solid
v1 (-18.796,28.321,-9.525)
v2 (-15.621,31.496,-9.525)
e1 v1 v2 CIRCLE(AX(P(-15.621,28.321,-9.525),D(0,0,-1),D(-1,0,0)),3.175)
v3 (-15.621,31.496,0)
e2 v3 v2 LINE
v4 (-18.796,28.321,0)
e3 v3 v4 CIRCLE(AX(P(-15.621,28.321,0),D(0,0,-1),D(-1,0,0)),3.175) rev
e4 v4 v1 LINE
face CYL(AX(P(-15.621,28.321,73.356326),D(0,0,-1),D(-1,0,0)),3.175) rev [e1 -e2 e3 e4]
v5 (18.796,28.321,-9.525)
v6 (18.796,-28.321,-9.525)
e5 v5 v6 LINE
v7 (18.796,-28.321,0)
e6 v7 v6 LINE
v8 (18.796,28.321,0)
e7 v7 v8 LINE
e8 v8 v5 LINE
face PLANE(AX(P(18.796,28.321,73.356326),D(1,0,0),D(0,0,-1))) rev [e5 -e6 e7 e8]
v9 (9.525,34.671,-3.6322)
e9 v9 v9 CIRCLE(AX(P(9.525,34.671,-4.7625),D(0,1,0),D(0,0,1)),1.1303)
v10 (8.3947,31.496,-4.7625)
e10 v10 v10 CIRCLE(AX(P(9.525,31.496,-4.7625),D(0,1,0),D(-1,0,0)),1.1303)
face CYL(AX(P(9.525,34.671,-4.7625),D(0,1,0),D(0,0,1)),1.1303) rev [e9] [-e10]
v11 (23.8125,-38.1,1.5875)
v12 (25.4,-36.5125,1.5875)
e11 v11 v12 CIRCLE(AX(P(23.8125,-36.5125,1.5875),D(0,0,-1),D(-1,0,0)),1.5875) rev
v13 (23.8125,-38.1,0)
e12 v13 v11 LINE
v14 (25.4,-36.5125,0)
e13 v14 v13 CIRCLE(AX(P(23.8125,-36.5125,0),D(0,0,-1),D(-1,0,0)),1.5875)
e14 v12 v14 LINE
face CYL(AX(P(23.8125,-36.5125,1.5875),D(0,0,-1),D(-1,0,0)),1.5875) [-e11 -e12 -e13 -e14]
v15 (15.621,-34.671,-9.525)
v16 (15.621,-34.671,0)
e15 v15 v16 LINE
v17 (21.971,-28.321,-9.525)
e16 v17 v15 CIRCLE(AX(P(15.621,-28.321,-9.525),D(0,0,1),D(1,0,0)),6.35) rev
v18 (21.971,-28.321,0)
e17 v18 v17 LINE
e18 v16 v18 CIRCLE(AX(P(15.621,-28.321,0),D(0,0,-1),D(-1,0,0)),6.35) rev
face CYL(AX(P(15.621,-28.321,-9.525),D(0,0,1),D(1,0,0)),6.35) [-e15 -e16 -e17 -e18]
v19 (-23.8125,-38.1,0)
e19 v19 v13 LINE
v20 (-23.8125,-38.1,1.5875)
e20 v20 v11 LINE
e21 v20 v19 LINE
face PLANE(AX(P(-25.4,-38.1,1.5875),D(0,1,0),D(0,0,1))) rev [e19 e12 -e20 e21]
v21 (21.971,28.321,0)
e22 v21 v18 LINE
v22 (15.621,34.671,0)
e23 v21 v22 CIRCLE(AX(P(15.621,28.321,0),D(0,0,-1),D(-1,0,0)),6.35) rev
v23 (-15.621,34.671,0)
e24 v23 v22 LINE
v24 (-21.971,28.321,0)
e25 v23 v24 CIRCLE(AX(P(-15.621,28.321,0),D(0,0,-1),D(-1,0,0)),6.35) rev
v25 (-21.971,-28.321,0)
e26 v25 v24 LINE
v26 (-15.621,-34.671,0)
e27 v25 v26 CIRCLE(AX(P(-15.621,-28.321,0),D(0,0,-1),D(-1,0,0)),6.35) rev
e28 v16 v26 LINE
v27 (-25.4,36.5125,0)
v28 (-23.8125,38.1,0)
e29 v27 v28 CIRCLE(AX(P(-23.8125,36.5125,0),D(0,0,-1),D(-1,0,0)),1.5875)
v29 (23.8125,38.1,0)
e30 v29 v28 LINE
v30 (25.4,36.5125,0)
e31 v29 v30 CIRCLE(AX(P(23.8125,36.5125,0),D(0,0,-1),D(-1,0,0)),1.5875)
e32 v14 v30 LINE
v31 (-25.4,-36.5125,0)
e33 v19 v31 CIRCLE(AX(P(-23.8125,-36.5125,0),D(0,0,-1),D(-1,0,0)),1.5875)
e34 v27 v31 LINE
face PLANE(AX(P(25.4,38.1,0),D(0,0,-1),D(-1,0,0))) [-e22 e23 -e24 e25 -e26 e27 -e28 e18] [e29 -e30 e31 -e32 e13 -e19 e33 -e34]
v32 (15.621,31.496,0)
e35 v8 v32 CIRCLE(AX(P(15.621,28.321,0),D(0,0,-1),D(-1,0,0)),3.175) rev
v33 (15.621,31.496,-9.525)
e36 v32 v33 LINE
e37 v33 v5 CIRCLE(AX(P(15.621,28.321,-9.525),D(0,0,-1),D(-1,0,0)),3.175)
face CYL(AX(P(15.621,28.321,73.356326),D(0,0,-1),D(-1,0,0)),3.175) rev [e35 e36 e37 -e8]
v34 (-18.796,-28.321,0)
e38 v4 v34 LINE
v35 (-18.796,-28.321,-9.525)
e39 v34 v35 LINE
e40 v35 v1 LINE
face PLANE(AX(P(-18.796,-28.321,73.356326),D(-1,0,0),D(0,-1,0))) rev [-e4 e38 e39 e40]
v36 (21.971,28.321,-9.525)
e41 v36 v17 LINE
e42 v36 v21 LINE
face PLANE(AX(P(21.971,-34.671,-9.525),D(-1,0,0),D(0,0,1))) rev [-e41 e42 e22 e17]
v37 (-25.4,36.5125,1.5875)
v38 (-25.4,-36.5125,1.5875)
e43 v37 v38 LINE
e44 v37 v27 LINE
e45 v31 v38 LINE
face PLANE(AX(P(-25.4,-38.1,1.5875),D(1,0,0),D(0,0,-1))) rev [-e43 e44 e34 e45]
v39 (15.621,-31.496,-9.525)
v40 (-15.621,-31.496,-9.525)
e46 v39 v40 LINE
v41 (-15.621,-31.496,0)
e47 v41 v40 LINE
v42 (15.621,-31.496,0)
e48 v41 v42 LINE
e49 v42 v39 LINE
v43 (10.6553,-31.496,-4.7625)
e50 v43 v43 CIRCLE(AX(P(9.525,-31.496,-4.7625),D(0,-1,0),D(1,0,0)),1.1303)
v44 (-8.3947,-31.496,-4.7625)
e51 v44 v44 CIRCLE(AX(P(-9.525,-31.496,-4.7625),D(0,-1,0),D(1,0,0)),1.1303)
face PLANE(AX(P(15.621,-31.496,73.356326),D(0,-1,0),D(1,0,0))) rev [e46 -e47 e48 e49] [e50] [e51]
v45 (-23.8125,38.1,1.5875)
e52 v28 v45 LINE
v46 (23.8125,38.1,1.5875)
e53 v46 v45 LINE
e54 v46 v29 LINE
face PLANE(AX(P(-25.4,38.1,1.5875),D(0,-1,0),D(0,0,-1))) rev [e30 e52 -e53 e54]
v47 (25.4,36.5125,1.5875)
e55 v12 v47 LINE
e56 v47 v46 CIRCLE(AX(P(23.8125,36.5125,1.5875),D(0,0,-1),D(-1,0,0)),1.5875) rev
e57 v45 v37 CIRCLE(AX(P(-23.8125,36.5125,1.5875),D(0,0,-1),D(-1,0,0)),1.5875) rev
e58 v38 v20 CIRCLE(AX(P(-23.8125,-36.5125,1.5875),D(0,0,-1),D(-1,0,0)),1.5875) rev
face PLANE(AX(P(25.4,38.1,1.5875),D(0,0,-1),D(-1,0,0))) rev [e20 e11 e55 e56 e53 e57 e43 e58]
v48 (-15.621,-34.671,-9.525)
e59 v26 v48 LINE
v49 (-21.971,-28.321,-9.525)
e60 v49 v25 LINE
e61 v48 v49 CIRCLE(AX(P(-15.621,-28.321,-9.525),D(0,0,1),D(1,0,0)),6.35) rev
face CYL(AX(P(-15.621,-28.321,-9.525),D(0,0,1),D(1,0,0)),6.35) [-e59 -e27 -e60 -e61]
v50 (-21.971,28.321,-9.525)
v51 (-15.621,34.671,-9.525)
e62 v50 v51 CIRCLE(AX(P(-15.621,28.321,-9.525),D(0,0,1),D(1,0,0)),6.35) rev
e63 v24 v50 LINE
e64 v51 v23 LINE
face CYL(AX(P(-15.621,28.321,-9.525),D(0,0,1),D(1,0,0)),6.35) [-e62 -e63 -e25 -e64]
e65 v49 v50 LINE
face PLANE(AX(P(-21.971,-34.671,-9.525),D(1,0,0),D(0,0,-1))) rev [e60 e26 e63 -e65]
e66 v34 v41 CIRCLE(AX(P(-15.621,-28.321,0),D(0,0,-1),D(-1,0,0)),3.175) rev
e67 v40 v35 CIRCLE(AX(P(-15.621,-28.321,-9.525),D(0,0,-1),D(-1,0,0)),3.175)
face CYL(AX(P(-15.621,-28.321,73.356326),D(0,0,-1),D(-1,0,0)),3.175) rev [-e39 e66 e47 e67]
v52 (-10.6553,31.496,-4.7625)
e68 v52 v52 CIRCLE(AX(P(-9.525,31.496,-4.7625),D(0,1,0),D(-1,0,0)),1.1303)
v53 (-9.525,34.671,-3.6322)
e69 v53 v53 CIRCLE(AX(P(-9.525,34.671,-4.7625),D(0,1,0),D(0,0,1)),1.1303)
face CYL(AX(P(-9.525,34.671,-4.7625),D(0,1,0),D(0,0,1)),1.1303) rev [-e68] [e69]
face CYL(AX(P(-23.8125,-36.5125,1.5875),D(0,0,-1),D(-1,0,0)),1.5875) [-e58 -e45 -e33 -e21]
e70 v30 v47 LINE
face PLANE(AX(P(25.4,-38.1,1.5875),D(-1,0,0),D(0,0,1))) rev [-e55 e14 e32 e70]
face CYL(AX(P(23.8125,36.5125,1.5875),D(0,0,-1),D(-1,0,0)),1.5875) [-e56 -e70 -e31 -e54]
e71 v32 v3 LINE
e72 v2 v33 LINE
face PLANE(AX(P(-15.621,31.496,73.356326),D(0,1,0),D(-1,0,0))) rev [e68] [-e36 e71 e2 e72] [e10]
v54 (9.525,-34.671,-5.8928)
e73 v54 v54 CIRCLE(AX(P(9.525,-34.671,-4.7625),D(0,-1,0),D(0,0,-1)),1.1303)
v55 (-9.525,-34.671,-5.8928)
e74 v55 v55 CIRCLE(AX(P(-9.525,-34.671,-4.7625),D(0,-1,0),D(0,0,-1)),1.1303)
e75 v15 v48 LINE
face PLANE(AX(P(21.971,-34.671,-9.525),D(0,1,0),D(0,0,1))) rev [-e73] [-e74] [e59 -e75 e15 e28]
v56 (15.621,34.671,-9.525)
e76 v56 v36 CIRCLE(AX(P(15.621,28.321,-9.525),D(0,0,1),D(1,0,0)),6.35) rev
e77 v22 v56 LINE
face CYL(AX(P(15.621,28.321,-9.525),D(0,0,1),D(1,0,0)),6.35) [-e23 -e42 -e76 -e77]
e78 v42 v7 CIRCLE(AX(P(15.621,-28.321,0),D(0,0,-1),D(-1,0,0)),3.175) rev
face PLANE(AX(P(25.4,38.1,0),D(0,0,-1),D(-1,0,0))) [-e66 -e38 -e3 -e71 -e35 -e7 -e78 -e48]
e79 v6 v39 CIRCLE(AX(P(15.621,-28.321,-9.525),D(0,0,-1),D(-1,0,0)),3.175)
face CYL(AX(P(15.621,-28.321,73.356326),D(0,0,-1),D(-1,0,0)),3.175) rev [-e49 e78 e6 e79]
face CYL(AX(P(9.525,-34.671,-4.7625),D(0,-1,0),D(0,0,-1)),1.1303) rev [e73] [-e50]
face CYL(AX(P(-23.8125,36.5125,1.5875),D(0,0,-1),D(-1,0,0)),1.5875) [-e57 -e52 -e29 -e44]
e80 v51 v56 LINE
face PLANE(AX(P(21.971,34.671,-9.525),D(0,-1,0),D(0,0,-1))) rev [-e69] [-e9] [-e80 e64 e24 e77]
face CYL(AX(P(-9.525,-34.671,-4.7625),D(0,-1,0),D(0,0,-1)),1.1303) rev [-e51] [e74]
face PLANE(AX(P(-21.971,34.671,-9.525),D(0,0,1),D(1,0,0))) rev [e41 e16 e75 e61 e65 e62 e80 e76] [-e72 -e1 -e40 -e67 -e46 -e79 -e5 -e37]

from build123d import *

# Parameters (mm, degrees)
SKETCH1_W                  = 50.8
SKETCH1_H                  = 76.2
BOSS_EXTRUDE1_DEPTH        = 1.5875
SKETCH2_W                  = 43.942
SKETCH2_H                  = 69.342
BOSS_EXTRUDE2_DEPTH        = 9.525
FILLET1_R                  = 6.35
CUT_EXTRUDE1_DEPTH         = 9.525
F_4_40_TAPPED_HOLE1_REACH  = 79.663
F_4_40_TAPPED_HOLE1_BORE_R = 1.1303
FILLET2_R                  = 1.5875


with BuildPart() as part:
    # Sketch1 → Boss-Extrude1 (new body)
    with BuildSketch(Plane.XY):
        Rectangle(SKETCH1_W, SKETCH1_H)
    extrude(amount=BOSS_EXTRUDE1_DEPTH)

    # Sketch2 → Boss-Extrude2 (add)
    with BuildSketch(Plane(origin=(0, 0, 0), x_dir=(-1, 0, 0), z_dir=(0, 0, -1))):
        Rectangle(SKETCH2_W, SKETCH2_H)
    extrude(amount=BOSS_EXTRUDE2_DEPTH)

    # Fillet1
    fillet1_edges = [part.edges().sort_by_distance(p)[0] for p in [
        (-21.971, -34.671, -4.7625),
        (-21.971, 34.671, -4.7625),
        (21.971, 34.671, -4.7625),
        (21.971, -34.671, -4.7625),
    ]]
    fillet(fillet1_edges, radius=FILLET1_R)

    # Sketch3 → Cut-Extrude1 (cut)
    with BuildSketch(Plane(origin=(0, 0, -9.525), x_dir=(-1, 0, 0), z_dir=(0, 0, -1))):
        with BuildLine():
            Line((-18.796, 28.321), (-18.796, -28.321))
            ThreePointArc((-18.796, -28.321), (-17.86606403, -30.56606403), (-15.621, -31.496))
            Line((-15.621, -31.496), (15.621, -31.496))
            ThreePointArc((15.621, -31.496), (17.86606403, -30.56606403), (18.796, -28.321))
            Line((18.796, -28.321), (18.796, 28.321))
            ThreePointArc((18.796, 28.321), (17.86606403, 30.56606403), (15.621, 31.496))
            Line((15.621, 31.496), (-15.621, 31.496))
            ThreePointArc((-15.621, 31.496), (-17.86606403, 30.56606403), (-18.796, 28.321))
        make_face()
    extrude(amount=-CUT_EXTRUDE1_DEPTH, mode=Mode.SUBTRACT)

    # #4-40 Tapped Hole1 bore → #4-40 Tapped Hole1 (cut, up to next)
    with BuildSketch(Plane(origin=(0, 34.671, 0), x_dir=(-1, 0, 0), z_dir=(0, 1, 0)), mode=Mode.PRIVATE) as f_4_40_tapped_hole1_sk1:
        with Locations((-9.525, -4.7625)):
            Circle(F_4_40_TAPPED_HOLE1_BORE_R)
    f_4_40_tapped_hole1_tool1 = extrude(f_4_40_tapped_hole1_sk1.sketch, amount=-F_4_40_TAPPED_HOLE1_REACH, mode=Mode.PRIVATE) & part.part
    # #4-40 Tapped Hole1 bore → #4-40 Tapped Hole1 (cut, up to next)
    with BuildSketch(Plane(origin=(0, 34.671, 0), x_dir=(-1, 0, 0), z_dir=(0, 1, 0)), mode=Mode.PRIVATE) as f_4_40_tapped_hole1_sk2:
        with Locations((9.525, -4.7625)):
            Circle(F_4_40_TAPPED_HOLE1_BORE_R)
    f_4_40_tapped_hole1_tool2 = extrude(f_4_40_tapped_hole1_sk2.sketch, amount=-F_4_40_TAPPED_HOLE1_REACH, mode=Mode.PRIVATE) & part.part
    f_4_40_tapped_hole1_1 = f_4_40_tapped_hole1_tool1.solids().sort_by_distance((9.525, 34.671, -4.7625))[0]
    add(f_4_40_tapped_hole1_1, mode=Mode.SUBTRACT)
    f_4_40_tapped_hole1_2 = f_4_40_tapped_hole1_tool2.solids().sort_by_distance((-9.525, 34.671, -4.7625))[0]
    add(f_4_40_tapped_hole1_2, mode=Mode.SUBTRACT)
    f_4_40_tapped_hole1 = f_4_40_tapped_hole1_1 + f_4_40_tapped_hole1_2  # #4-40 Tapped Hole1 as one shape, for the pattern or mirror that repeats it

    # Mirror1: #4-40 Tapped Hole1 across plane
    add(f_4_40_tapped_hole1.mirror(Plane.ZX), mode=Mode.SUBTRACT)

    # Fillet2
    fillet2_edges = [part.edges().sort_by_distance(p)[0] for p in [
        (25.4, -38.1, 0.79375),
        (-25.4, -38.1, 0.79375),
        (-25.4, 38.1, 0.79375),
        (25.4, 38.1, 0.79375),
    ]]
    fillet(fillet2_edges, radius=FILLET2_R)


solid = part.part
